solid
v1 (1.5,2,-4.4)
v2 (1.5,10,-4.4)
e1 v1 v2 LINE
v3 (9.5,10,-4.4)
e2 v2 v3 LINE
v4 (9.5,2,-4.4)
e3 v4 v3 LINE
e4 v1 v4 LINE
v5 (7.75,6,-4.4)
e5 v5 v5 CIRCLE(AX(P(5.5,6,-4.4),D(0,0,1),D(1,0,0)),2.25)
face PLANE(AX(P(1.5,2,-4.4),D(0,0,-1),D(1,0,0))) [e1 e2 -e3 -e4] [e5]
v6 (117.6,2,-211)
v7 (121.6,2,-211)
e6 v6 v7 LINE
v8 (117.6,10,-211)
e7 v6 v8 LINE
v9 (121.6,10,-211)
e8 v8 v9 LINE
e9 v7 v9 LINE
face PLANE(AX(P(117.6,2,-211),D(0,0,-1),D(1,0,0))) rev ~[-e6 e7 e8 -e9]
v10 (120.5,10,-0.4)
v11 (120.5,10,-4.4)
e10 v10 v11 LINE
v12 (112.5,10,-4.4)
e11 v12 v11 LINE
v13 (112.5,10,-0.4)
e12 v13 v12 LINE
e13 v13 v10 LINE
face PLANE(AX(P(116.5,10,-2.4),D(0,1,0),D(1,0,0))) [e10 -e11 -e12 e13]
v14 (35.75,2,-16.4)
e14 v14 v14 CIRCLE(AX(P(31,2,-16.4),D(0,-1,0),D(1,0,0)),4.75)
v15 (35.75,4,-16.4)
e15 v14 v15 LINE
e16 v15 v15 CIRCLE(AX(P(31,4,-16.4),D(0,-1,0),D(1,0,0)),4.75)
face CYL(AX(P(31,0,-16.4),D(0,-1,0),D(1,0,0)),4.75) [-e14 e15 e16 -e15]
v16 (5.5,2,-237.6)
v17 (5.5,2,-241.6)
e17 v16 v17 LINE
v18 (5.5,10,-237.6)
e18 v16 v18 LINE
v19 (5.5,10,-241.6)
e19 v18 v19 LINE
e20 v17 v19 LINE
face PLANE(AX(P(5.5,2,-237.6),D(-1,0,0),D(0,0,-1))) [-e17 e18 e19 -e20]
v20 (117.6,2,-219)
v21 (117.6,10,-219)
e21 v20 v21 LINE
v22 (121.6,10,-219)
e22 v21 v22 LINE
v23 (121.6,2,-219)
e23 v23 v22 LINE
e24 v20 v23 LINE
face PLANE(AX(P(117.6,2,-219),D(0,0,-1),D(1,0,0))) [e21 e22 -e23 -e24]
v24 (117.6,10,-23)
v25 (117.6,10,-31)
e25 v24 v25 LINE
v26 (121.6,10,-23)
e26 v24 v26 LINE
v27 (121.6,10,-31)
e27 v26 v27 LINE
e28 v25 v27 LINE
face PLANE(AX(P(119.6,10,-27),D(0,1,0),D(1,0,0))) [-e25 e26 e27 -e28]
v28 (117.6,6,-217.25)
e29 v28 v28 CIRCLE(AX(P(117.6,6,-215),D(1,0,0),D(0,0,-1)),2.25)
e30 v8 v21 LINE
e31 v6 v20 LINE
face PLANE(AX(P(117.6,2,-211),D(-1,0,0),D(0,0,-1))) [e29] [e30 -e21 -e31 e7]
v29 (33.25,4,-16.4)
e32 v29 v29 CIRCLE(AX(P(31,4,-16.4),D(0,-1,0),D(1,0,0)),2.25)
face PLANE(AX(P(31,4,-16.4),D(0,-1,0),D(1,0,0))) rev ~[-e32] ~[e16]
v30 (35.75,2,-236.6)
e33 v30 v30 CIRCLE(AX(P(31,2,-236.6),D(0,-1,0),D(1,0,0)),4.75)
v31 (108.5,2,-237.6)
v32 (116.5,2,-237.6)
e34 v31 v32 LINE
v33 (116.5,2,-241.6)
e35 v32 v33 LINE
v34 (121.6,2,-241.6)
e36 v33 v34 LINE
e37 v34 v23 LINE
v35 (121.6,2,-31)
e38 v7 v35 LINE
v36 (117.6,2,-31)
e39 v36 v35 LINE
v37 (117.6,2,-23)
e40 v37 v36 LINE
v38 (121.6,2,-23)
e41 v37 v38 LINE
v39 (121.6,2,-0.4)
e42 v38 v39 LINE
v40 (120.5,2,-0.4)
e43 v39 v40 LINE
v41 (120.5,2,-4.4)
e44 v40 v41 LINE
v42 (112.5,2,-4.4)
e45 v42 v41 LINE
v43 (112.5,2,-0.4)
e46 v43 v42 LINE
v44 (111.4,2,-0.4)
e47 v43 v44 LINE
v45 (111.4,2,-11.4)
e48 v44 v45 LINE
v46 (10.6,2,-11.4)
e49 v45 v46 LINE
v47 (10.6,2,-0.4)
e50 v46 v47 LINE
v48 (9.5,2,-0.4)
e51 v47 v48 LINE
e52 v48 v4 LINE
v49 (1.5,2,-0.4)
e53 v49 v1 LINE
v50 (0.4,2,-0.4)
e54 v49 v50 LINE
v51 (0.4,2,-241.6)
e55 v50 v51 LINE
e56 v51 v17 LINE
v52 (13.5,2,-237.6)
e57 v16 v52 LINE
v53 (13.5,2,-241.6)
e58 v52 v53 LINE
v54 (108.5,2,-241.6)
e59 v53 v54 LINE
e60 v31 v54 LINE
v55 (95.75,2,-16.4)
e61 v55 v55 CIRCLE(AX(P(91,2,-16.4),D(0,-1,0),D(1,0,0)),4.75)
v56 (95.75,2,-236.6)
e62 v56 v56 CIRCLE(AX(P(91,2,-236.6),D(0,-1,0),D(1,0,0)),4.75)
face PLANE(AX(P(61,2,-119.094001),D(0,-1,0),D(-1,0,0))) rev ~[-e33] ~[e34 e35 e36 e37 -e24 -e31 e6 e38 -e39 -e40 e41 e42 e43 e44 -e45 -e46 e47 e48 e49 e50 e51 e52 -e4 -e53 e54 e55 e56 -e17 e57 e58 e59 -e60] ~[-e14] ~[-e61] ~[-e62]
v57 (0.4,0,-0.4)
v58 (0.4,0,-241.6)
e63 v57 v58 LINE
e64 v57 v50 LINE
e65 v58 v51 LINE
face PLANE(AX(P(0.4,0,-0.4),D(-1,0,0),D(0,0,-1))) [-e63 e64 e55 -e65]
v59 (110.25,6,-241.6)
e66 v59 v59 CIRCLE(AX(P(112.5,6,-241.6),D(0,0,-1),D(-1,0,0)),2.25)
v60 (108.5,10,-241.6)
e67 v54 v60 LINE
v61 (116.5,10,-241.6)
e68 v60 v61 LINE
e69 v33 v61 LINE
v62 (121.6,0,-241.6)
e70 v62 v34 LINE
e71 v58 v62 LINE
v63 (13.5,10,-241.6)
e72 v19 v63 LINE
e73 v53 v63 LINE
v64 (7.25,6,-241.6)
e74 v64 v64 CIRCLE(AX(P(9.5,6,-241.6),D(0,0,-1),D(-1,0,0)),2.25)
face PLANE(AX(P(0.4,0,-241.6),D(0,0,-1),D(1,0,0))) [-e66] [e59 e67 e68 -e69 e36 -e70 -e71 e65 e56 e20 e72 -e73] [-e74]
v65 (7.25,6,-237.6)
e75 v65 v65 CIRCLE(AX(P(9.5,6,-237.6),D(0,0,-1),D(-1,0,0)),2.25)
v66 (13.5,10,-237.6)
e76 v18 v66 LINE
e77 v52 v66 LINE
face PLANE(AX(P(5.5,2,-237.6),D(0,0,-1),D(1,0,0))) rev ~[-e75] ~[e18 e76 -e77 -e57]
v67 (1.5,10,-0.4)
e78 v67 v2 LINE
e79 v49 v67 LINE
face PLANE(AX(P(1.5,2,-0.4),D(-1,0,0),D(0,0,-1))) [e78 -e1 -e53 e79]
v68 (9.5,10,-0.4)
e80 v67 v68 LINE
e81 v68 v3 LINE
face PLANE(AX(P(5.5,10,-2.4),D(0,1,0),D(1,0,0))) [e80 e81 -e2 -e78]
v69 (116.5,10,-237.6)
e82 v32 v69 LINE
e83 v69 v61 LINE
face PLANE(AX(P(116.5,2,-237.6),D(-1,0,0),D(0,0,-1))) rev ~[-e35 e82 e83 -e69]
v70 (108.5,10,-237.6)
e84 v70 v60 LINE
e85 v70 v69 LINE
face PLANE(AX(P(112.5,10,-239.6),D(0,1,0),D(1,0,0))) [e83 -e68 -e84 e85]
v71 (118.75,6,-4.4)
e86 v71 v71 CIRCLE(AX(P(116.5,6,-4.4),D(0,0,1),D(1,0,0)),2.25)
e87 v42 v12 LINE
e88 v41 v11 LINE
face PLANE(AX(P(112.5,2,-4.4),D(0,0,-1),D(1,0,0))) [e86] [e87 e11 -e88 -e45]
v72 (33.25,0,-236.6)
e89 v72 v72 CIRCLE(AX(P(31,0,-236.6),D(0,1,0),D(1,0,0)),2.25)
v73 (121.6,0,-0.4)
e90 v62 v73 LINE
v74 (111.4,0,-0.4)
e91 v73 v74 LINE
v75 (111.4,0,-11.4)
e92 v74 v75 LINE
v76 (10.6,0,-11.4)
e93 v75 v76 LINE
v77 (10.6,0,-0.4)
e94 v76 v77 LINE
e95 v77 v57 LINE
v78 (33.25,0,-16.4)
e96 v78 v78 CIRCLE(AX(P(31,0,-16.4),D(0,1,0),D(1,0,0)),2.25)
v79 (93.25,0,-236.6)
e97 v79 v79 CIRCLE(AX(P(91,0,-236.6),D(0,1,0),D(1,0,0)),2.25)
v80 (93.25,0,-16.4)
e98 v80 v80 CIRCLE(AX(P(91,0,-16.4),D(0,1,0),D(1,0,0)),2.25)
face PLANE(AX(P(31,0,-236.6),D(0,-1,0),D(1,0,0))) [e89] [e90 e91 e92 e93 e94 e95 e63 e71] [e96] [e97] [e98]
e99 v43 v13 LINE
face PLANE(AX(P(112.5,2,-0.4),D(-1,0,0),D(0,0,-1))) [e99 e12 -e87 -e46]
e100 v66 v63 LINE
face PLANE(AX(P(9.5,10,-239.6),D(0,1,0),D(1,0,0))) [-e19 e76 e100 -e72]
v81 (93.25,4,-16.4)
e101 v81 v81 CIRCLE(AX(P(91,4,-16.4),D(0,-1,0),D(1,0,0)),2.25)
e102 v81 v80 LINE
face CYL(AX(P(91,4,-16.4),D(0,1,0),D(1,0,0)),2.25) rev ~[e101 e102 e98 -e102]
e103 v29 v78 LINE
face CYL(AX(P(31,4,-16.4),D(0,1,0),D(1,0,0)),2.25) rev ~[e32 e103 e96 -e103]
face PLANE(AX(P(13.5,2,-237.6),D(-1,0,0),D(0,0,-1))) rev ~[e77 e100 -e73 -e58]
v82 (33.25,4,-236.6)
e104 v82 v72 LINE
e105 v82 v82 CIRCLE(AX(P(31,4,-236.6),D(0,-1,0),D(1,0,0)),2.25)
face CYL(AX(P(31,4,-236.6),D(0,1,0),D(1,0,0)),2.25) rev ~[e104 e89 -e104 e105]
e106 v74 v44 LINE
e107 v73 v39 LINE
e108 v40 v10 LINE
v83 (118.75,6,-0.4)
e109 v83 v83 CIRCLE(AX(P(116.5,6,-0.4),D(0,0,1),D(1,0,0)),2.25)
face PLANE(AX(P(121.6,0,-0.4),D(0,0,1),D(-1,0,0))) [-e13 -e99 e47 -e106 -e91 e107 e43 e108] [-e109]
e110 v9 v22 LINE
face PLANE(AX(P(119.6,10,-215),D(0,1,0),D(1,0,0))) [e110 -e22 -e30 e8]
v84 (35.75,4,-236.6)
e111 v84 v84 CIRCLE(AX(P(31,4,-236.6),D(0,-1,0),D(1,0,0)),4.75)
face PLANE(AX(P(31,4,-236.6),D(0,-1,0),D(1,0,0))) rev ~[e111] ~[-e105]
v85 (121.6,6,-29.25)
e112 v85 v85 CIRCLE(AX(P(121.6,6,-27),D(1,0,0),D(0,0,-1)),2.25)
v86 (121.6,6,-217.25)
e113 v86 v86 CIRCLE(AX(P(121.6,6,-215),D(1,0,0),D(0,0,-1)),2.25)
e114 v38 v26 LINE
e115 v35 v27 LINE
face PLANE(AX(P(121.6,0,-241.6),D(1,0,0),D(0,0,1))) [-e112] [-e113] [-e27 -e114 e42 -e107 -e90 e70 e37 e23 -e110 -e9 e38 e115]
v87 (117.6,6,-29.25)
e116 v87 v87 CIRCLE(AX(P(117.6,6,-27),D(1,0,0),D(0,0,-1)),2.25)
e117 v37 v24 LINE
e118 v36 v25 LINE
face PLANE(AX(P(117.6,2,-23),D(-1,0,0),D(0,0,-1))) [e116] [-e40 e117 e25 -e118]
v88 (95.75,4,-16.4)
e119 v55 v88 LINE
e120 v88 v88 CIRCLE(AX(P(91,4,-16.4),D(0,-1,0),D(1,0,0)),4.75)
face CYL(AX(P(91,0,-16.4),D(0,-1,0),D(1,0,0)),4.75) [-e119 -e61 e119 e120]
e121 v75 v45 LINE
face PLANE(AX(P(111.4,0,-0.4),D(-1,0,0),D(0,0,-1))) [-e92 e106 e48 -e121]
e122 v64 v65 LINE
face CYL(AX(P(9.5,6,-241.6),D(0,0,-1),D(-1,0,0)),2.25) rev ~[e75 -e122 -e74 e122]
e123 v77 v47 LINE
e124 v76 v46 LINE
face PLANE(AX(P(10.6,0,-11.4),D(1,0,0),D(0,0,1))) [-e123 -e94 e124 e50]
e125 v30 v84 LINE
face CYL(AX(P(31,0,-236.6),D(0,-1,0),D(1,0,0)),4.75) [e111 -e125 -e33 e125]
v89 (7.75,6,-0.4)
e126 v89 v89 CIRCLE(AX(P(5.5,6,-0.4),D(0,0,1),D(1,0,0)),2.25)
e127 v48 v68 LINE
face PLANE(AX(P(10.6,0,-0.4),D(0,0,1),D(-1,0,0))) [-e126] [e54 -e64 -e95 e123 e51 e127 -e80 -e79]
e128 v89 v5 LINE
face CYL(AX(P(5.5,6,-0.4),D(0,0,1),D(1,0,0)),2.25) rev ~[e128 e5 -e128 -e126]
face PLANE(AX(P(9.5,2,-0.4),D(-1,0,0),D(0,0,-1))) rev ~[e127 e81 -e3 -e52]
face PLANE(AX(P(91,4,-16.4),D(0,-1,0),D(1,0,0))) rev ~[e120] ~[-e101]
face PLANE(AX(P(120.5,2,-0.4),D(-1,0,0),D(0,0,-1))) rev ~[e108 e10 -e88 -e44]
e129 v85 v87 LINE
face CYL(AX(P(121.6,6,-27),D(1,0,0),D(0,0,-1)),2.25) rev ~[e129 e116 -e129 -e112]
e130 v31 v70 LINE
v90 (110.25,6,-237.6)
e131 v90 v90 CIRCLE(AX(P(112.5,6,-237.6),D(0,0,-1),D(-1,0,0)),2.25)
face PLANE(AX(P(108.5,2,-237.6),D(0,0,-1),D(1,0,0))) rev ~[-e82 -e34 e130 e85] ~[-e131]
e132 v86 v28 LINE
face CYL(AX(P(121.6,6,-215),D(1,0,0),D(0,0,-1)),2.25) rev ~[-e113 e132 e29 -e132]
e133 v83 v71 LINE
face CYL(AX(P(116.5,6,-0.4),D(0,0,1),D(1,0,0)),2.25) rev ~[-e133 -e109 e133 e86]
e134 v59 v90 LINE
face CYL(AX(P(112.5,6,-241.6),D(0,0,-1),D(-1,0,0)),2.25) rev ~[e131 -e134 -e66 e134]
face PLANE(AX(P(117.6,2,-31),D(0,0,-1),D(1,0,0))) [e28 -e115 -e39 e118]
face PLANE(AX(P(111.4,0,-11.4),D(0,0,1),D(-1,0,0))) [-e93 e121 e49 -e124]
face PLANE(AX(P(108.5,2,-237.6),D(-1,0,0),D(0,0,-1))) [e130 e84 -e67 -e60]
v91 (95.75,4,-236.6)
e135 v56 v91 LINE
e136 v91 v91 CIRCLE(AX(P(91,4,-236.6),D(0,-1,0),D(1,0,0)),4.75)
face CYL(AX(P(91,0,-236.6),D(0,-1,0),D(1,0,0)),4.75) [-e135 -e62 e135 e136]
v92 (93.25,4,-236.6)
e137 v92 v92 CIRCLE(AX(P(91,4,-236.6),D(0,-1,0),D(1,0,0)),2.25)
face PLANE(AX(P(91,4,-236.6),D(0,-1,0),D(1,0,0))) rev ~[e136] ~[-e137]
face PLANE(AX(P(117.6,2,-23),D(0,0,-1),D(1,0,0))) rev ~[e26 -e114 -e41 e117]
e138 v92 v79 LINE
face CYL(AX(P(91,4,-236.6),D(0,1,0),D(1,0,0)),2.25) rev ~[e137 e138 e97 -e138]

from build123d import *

# Parameters (mm, degrees)
BOSS_EXTRUDE1_DEPTH = 2
SKETCH2_W           = 8
SKETCH2_H           = 4
SKETCH2_W_2         = 4
SKETCH2_H_2         = 8
BOSS_EXTRUDE2_DEPTH = 8
CUT_EXTRUDE1_REACH  = 243.2
SKETCH3_R           = 2.25
CUT_EXTRUDE3_REACH  = 243.2
SKETCH5_R           = 2.25
CUT_EXTRUDE4_REACH  = 123.2
SKETCH6_R           = 2.25
SKETCH7_R           = 4.75
SKETCH7_R_2         = 2.25
BOSS_EXTRUDE3_DEPTH = 4
CUT_EXTRUDE5_REACH  = 6
SKETCH8_R           = 2.25


with BuildPart() as part:
    # Sketch1 → Boss-Extrude1 (new body)
    with BuildSketch(Plane(origin=(0, 0, 0), x_dir=(1, 0, 0), z_dir=(0, 1, 0))):
        Polygon((0.4, 241.6), (121.6, 241.6), (121.6, 0.4), (111.4, 0.4), (111.4, 11.4), (10.6, 11.4), (10.6, 0.4), (0.4, 0.4), align=None)
    extrude(amount=BOSS_EXTRUDE1_DEPTH)

    # Sketch2 → Boss-Extrude2 (add)
    with BuildSketch(Plane(origin=(0, 2, 0), x_dir=(1, 0, 0), z_dir=(0, 1, 0))):
        with Locations((9.5, 239.6)):
            Rectangle(SKETCH2_W, SKETCH2_H)
        with Locations((112.5, 239.6)):
            Rectangle(SKETCH2_W, SKETCH2_H)
        with Locations((5.5, 2.4)):
            Rectangle(SKETCH2_W, SKETCH2_H)
        with Locations((116.5, 2.4)):
            Rectangle(SKETCH2_W, SKETCH2_H)
        with Locations((119.6, 27)):
            Rectangle(SKETCH2_W_2, SKETCH2_H_2)
        with Locations((119.6, 215)):
            Rectangle(SKETCH2_W_2, SKETCH2_H_2)
    extrude(amount=BOSS_EXTRUDE2_DEPTH)

    # Sketch3 → Cut-Extrude1 (cut, up to next)
    with BuildSketch(Plane.XY.offset(-0.4), mode=Mode.PRIVATE) as cut_extrude1_sk1:
        with Locations((5.5, 6)):
            Circle(SKETCH3_R)
    cut_extrude1_tool1 = extrude(cut_extrude1_sk1.sketch, amount=-CUT_EXTRUDE1_REACH, mode=Mode.PRIVATE) & part.part
    add(cut_extrude1_tool1.solids().sort_by_distance((5.5, 6, -0.4))[0], mode=Mode.SUBTRACT)
    # Sketch3 → Cut-Extrude1 (cut, up to next)
    with BuildSketch(Plane.XY.offset(-0.4), mode=Mode.PRIVATE) as cut_extrude1_sk2:
        with Locations((116.5, 6)):
            Circle(SKETCH3_R)
    cut_extrude1_tool2 = extrude(cut_extrude1_sk2.sketch, amount=-CUT_EXTRUDE1_REACH, mode=Mode.PRIVATE) & part.part
    add(cut_extrude1_tool2.solids().sort_by_distance((116.5, 6, -0.4))[0], mode=Mode.SUBTRACT)

    # Sketch5 → Cut-Extrude3 (cut, up to next)
    with BuildSketch(Plane(origin=(0, 0, -241.6), x_dir=(-1, 0, 0), z_dir=(0, 0, -1)), mode=Mode.PRIVATE) as cut_extrude3_sk1:
        with Locations((-112.5, 6)):
            Circle(SKETCH5_R)
    cut_extrude3_tool1 = extrude(cut_extrude3_sk1.sketch, amount=-CUT_EXTRUDE3_REACH, mode=Mode.PRIVATE) & part.part
    add(cut_extrude3_tool1.solids().sort_by_distance((112.5, 6, -241.6))[0], mode=Mode.SUBTRACT)
    # Sketch5 → Cut-Extrude3 (cut, up to next)
    with BuildSketch(Plane(origin=(0, 0, -241.6), x_dir=(-1, 0, 0), z_dir=(0, 0, -1)), mode=Mode.PRIVATE) as cut_extrude3_sk2:
        with Locations((-9.5, 6)):
            Circle(SKETCH5_R)
    cut_extrude3_tool2 = extrude(cut_extrude3_sk2.sketch, amount=-CUT_EXTRUDE3_REACH, mode=Mode.PRIVATE) & part.part
    add(cut_extrude3_tool2.solids().sort_by_distance((9.5, 6, -241.6))[0], mode=Mode.SUBTRACT)

    # Sketch6 → Cut-Extrude4 (cut, up to next)
    with BuildSketch(Plane(origin=(121.6, 0, 0), x_dir=(0, 0, -1), z_dir=(1, 0, 0)), mode=Mode.PRIVATE) as cut_extrude4_sk1:
        with Locations((27, 6)):
            Circle(SKETCH6_R)
    cut_extrude4_tool1 = extrude(cut_extrude4_sk1.sketch, amount=-CUT_EXTRUDE4_REACH, mode=Mode.PRIVATE) & part.part
    add(cut_extrude4_tool1.solids().sort_by_distance((121.6, 6, -27))[0], mode=Mode.SUBTRACT)
    # Sketch6 → Cut-Extrude4 (cut, up to next)
    with BuildSketch(Plane(origin=(121.6, 0, 0), x_dir=(0, 0, -1), z_dir=(1, 0, 0)), mode=Mode.PRIVATE) as cut_extrude4_sk2:
        with Locations((215, 6)):
            Circle(SKETCH6_R)
    cut_extrude4_tool2 = extrude(cut_extrude4_sk2.sketch, amount=-CUT_EXTRUDE4_REACH, mode=Mode.PRIVATE) & part.part
    add(cut_extrude4_tool2.solids().sort_by_distance((121.6, 6, -215))[0], mode=Mode.SUBTRACT)

    # Sketch7 → Boss-Extrude3 (add)
    with BuildSketch(Plane.XZ):
        with Locations((31, -236.6)):
            Circle(SKETCH7_R)
        with Locations((31, -236.6)):
            Circle(SKETCH7_R_2, mode=Mode.SUBTRACT)
        with Locations((31, -16.4)):
            Circle(SKETCH7_R)
        with Locations((31, -16.4)):
            Circle(SKETCH7_R_2, mode=Mode.SUBTRACT)
        with Locations((91, -236.6)):
            Circle(SKETCH7_R)
        with Locations((91, -236.6)):
            Circle(SKETCH7_R_2, mode=Mode.SUBTRACT)
        with Locations((91, -16.4)):
            Circle(SKETCH7_R)
        with Locations((91, -16.4)):
            Circle(SKETCH7_R_2, mode=Mode.SUBTRACT)
    extrude(amount=-BOSS_EXTRUDE3_DEPTH)

    # Sketch8 → Cut-Extrude5 (cut, up to next)
    with BuildSketch(Plane(origin=(0, 4, 0), x_dir=(1, 0, 0), z_dir=(0, 1, 0)), mode=Mode.PRIVATE) as cut_extrude5_sk1:
        with Locations((31, 16.4)):
            Circle(SKETCH8_R)
    cut_extrude5_tool1 = extrude(cut_extrude5_sk1.sketch, amount=-CUT_EXTRUDE5_REACH, mode=Mode.PRIVATE) & part.part
    add(cut_extrude5_tool1.solids().sort_by_distance((31, 4, -16.4))[0], mode=Mode.SUBTRACT)
    # Sketch8 → Cut-Extrude5 (cut, up to next)
    with BuildSketch(Plane(origin=(0, 4, 0), x_dir=(1, 0, 0), z_dir=(0, 1, 0)), mode=Mode.PRIVATE) as cut_extrude5_sk2:
        with Locations((91, 16.4)):
            Circle(SKETCH8_R)
    cut_extrude5_tool2 = extrude(cut_extrude5_sk2.sketch, amount=-CUT_EXTRUDE5_REACH, mode=Mode.PRIVATE) & part.part
    add(cut_extrude5_tool2.solids().sort_by_distance((91, 4, -16.4))[0], mode=Mode.SUBTRACT)
    # Sketch8 → Cut-Extrude5 (cut, up to next)
    with BuildSketch(Plane(origin=(0, 4, 0), x_dir=(1, 0, 0), z_dir=(0, 1, 0)), mode=Mode.PRIVATE) as cut_extrude5_sk3:
        with Locations((31, 236.6)):
            Circle(SKETCH8_R)
    cut_extrude5_tool3 = extrude(cut_extrude5_sk3.sketch, amount=-CUT_EXTRUDE5_REACH, mode=Mode.PRIVATE) & part.part
    add(cut_extrude5_tool3.solids().sort_by_distance((31, 4, -236.6))[0], mode=Mode.SUBTRACT)
    # Sketch8 → Cut-Extrude5 (cut, up to next)
    with BuildSketch(Plane(origin=(0, 4, 0), x_dir=(1, 0, 0), z_dir=(0, 1, 0)), mode=Mode.PRIVATE) as cut_extrude5_sk4:
        with Locations((91, 236.6)):
            Circle(SKETCH8_R)
    cut_extrude5_tool4 = extrude(cut_extrude5_sk4.sketch, amount=-CUT_EXTRUDE5_REACH, mode=Mode.PRIVATE) & part.part
    add(cut_extrude5_tool4.solids().sort_by_distance((91, 4, -236.6))[0], mode=Mode.SUBTRACT)


solid = part.part
